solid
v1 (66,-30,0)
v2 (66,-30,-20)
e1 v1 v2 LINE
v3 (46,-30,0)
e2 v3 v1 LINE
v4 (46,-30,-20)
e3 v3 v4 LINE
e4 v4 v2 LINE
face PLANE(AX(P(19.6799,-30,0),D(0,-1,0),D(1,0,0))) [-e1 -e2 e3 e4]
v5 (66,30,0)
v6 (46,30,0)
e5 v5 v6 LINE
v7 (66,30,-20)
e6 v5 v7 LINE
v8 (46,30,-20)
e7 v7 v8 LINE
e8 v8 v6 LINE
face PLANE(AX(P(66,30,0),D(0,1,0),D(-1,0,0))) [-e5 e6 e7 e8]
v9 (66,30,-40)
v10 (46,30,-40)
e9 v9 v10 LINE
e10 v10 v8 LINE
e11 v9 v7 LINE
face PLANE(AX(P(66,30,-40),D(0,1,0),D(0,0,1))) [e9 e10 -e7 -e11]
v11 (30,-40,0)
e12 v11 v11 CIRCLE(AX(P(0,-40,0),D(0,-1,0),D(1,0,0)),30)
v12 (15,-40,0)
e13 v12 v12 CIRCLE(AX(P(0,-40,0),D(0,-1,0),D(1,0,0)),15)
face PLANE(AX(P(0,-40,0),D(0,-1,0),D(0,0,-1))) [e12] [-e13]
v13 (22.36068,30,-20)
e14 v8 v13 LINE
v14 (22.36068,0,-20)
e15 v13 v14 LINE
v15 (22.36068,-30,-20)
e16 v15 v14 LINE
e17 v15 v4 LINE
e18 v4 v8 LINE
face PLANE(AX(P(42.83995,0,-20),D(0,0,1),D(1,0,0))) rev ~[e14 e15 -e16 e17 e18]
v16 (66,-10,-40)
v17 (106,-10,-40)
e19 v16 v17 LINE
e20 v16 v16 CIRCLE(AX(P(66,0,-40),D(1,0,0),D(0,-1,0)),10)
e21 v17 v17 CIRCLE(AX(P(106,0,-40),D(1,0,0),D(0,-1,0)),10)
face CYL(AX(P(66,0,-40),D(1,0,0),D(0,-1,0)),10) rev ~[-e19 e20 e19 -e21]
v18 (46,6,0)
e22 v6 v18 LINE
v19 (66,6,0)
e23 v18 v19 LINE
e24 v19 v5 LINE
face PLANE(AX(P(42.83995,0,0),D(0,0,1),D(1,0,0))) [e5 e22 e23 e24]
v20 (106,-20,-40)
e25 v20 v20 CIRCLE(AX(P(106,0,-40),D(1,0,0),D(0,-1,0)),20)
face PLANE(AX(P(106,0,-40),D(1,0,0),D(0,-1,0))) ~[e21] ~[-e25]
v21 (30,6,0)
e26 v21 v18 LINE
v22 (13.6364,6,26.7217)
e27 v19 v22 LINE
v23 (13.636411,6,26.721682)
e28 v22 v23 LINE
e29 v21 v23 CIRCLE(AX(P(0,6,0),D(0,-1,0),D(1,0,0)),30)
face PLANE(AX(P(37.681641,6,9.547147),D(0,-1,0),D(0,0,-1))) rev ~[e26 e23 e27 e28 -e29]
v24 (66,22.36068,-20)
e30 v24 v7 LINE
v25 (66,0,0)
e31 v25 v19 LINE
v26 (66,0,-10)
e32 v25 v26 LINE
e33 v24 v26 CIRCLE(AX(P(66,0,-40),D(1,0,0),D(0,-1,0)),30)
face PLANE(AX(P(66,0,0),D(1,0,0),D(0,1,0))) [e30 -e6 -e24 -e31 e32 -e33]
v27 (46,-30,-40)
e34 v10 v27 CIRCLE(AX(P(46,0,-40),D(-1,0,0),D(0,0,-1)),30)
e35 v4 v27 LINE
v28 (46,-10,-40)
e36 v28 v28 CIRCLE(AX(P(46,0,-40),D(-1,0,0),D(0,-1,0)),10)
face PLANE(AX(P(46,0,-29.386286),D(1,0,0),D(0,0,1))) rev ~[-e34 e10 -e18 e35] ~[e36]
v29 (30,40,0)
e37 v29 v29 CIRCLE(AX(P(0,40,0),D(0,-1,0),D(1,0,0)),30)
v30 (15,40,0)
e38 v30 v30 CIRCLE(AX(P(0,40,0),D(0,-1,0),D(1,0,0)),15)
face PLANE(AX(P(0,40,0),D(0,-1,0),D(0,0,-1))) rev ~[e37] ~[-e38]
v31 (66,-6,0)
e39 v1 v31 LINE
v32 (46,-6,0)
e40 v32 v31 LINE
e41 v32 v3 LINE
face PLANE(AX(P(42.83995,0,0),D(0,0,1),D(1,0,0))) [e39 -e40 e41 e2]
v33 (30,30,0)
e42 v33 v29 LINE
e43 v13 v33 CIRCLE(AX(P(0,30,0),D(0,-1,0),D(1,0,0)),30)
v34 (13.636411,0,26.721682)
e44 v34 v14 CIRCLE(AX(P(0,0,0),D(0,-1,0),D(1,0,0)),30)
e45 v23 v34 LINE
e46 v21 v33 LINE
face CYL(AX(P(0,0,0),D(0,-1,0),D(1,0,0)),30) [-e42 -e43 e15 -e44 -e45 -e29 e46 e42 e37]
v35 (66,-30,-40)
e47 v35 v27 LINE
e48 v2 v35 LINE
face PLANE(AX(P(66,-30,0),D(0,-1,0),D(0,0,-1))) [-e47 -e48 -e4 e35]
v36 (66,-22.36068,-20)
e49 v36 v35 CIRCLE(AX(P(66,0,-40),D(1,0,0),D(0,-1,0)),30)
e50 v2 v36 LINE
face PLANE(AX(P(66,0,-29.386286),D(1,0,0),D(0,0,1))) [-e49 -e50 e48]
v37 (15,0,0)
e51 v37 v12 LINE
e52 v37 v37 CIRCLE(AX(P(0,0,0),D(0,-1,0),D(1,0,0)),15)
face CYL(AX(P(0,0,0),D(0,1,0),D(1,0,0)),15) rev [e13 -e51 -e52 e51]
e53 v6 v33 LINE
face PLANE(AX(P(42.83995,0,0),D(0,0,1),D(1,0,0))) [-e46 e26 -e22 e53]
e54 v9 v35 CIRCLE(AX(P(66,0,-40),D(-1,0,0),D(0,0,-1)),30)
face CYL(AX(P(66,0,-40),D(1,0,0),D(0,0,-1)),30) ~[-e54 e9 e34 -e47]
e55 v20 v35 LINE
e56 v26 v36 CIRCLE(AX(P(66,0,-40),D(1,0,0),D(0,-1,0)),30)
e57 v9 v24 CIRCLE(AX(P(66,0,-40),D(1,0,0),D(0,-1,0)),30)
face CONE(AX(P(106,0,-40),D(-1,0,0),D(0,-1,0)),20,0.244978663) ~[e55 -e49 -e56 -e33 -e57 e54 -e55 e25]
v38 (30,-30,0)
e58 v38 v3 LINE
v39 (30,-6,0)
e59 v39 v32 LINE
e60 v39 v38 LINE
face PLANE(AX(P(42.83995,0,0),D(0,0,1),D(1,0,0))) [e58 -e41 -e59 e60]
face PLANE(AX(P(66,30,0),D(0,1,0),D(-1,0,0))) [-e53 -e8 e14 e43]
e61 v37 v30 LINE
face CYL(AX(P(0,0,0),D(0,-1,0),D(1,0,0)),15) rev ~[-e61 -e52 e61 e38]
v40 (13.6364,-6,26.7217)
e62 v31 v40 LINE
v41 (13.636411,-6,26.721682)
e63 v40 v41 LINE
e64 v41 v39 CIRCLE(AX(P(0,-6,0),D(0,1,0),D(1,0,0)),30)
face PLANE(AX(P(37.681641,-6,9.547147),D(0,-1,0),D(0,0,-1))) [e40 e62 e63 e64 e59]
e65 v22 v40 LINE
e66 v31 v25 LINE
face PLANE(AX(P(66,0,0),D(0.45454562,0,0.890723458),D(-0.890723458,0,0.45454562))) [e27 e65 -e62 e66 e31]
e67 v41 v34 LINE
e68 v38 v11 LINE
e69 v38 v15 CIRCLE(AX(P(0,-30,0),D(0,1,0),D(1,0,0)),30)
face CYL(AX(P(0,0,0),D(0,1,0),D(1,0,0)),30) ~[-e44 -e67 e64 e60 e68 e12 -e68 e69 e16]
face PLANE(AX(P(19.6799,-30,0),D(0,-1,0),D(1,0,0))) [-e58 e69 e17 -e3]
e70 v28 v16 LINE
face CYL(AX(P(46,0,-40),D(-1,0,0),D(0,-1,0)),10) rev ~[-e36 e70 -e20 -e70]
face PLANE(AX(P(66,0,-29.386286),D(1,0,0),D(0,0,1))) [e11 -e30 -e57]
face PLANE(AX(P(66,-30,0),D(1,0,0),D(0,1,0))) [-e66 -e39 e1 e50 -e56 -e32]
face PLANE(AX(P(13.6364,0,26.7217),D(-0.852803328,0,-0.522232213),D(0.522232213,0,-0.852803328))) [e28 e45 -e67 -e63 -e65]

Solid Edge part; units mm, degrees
sketch "Sketch1" plane through (0, 0, 0) normal (0, -1, 0) x (1, 0, 0)
  circle A0 centre (0, 0) radius 30
  circle A1 centre (0, 0) radius 15
extrude "Protrusion1" add sketch "Sketch1" along normal mid plane 80
sketch "Sketch2" plane through (0, 0, 0) normal (0, 1, 0) x (-1, 0, 0)
  line L0 (-66, 0) -> (-13.6364, 26.7217)
  line L1 (-13.6364, 26.7217) -> (-30, 0)
  line L2 (-30, 0) -> (-66, 0)
extrude "ExtrudedProtrusion_2" add sketch "Sketch2" along normal mid plane 12
sketch "Sketch3" plane through (48, 0, 0) normal (0, 0, -1) x (0, 1, 0)
  line L0 (-30, -28.3201) -> (-30, 18)
  line L1 (-30, 18) -> (0, 18)
  line L2 (0, 18) -> (30, 18)
  line L3 (30, 18) -> (30, -28.3201)
  line L4 (30, -28.3201) -> (-30, -28.3201)
extrude "ExtrudedProtrusion_3" add sketch "Sketch3" along normal blind 20
sketch "Sketch4" plane through (66, 0, -10) normal (1, 0, 0) x (0, 0, -1)
  line L0 (-10, -30) -> (30, -30)
  line L1 (-10, 30) -> (-10, -30)
  line L2 (30, 30) -> (-10, 30)
  arc A0 (30, 30) -> (30, -30) centre (30, 0) cw
extrude "ExtrudedProtrusion_4" add sketch "Sketch4" against normal blind 20
sketch "Sketch5" plane through (48, -18, -40) normal (0, 0, 1) x (0, -1, 0)
  line L0 (2, 58) -> (12, 18)
  line L1 (12, 18) -> (-8, 18)
  line L2 (-8, 18) -> (-8, 58)
  line L3 (-8, 58) -> (2, 58)
revolve "RevolvedProtrusion1" add sketch "Sketch5" angle 360 about axis through (66, 0, -40) along (1, 0, 0)
sketch "Sketch6" plane through (46, 0, -45) normal (-1, 0, 0) x (0, -1, 0)
  circle A0 centre (0, 5) radius 10
extrude "Cutout1" cut sketch "Sketch6" against normal up to vertex (60 mm away)
